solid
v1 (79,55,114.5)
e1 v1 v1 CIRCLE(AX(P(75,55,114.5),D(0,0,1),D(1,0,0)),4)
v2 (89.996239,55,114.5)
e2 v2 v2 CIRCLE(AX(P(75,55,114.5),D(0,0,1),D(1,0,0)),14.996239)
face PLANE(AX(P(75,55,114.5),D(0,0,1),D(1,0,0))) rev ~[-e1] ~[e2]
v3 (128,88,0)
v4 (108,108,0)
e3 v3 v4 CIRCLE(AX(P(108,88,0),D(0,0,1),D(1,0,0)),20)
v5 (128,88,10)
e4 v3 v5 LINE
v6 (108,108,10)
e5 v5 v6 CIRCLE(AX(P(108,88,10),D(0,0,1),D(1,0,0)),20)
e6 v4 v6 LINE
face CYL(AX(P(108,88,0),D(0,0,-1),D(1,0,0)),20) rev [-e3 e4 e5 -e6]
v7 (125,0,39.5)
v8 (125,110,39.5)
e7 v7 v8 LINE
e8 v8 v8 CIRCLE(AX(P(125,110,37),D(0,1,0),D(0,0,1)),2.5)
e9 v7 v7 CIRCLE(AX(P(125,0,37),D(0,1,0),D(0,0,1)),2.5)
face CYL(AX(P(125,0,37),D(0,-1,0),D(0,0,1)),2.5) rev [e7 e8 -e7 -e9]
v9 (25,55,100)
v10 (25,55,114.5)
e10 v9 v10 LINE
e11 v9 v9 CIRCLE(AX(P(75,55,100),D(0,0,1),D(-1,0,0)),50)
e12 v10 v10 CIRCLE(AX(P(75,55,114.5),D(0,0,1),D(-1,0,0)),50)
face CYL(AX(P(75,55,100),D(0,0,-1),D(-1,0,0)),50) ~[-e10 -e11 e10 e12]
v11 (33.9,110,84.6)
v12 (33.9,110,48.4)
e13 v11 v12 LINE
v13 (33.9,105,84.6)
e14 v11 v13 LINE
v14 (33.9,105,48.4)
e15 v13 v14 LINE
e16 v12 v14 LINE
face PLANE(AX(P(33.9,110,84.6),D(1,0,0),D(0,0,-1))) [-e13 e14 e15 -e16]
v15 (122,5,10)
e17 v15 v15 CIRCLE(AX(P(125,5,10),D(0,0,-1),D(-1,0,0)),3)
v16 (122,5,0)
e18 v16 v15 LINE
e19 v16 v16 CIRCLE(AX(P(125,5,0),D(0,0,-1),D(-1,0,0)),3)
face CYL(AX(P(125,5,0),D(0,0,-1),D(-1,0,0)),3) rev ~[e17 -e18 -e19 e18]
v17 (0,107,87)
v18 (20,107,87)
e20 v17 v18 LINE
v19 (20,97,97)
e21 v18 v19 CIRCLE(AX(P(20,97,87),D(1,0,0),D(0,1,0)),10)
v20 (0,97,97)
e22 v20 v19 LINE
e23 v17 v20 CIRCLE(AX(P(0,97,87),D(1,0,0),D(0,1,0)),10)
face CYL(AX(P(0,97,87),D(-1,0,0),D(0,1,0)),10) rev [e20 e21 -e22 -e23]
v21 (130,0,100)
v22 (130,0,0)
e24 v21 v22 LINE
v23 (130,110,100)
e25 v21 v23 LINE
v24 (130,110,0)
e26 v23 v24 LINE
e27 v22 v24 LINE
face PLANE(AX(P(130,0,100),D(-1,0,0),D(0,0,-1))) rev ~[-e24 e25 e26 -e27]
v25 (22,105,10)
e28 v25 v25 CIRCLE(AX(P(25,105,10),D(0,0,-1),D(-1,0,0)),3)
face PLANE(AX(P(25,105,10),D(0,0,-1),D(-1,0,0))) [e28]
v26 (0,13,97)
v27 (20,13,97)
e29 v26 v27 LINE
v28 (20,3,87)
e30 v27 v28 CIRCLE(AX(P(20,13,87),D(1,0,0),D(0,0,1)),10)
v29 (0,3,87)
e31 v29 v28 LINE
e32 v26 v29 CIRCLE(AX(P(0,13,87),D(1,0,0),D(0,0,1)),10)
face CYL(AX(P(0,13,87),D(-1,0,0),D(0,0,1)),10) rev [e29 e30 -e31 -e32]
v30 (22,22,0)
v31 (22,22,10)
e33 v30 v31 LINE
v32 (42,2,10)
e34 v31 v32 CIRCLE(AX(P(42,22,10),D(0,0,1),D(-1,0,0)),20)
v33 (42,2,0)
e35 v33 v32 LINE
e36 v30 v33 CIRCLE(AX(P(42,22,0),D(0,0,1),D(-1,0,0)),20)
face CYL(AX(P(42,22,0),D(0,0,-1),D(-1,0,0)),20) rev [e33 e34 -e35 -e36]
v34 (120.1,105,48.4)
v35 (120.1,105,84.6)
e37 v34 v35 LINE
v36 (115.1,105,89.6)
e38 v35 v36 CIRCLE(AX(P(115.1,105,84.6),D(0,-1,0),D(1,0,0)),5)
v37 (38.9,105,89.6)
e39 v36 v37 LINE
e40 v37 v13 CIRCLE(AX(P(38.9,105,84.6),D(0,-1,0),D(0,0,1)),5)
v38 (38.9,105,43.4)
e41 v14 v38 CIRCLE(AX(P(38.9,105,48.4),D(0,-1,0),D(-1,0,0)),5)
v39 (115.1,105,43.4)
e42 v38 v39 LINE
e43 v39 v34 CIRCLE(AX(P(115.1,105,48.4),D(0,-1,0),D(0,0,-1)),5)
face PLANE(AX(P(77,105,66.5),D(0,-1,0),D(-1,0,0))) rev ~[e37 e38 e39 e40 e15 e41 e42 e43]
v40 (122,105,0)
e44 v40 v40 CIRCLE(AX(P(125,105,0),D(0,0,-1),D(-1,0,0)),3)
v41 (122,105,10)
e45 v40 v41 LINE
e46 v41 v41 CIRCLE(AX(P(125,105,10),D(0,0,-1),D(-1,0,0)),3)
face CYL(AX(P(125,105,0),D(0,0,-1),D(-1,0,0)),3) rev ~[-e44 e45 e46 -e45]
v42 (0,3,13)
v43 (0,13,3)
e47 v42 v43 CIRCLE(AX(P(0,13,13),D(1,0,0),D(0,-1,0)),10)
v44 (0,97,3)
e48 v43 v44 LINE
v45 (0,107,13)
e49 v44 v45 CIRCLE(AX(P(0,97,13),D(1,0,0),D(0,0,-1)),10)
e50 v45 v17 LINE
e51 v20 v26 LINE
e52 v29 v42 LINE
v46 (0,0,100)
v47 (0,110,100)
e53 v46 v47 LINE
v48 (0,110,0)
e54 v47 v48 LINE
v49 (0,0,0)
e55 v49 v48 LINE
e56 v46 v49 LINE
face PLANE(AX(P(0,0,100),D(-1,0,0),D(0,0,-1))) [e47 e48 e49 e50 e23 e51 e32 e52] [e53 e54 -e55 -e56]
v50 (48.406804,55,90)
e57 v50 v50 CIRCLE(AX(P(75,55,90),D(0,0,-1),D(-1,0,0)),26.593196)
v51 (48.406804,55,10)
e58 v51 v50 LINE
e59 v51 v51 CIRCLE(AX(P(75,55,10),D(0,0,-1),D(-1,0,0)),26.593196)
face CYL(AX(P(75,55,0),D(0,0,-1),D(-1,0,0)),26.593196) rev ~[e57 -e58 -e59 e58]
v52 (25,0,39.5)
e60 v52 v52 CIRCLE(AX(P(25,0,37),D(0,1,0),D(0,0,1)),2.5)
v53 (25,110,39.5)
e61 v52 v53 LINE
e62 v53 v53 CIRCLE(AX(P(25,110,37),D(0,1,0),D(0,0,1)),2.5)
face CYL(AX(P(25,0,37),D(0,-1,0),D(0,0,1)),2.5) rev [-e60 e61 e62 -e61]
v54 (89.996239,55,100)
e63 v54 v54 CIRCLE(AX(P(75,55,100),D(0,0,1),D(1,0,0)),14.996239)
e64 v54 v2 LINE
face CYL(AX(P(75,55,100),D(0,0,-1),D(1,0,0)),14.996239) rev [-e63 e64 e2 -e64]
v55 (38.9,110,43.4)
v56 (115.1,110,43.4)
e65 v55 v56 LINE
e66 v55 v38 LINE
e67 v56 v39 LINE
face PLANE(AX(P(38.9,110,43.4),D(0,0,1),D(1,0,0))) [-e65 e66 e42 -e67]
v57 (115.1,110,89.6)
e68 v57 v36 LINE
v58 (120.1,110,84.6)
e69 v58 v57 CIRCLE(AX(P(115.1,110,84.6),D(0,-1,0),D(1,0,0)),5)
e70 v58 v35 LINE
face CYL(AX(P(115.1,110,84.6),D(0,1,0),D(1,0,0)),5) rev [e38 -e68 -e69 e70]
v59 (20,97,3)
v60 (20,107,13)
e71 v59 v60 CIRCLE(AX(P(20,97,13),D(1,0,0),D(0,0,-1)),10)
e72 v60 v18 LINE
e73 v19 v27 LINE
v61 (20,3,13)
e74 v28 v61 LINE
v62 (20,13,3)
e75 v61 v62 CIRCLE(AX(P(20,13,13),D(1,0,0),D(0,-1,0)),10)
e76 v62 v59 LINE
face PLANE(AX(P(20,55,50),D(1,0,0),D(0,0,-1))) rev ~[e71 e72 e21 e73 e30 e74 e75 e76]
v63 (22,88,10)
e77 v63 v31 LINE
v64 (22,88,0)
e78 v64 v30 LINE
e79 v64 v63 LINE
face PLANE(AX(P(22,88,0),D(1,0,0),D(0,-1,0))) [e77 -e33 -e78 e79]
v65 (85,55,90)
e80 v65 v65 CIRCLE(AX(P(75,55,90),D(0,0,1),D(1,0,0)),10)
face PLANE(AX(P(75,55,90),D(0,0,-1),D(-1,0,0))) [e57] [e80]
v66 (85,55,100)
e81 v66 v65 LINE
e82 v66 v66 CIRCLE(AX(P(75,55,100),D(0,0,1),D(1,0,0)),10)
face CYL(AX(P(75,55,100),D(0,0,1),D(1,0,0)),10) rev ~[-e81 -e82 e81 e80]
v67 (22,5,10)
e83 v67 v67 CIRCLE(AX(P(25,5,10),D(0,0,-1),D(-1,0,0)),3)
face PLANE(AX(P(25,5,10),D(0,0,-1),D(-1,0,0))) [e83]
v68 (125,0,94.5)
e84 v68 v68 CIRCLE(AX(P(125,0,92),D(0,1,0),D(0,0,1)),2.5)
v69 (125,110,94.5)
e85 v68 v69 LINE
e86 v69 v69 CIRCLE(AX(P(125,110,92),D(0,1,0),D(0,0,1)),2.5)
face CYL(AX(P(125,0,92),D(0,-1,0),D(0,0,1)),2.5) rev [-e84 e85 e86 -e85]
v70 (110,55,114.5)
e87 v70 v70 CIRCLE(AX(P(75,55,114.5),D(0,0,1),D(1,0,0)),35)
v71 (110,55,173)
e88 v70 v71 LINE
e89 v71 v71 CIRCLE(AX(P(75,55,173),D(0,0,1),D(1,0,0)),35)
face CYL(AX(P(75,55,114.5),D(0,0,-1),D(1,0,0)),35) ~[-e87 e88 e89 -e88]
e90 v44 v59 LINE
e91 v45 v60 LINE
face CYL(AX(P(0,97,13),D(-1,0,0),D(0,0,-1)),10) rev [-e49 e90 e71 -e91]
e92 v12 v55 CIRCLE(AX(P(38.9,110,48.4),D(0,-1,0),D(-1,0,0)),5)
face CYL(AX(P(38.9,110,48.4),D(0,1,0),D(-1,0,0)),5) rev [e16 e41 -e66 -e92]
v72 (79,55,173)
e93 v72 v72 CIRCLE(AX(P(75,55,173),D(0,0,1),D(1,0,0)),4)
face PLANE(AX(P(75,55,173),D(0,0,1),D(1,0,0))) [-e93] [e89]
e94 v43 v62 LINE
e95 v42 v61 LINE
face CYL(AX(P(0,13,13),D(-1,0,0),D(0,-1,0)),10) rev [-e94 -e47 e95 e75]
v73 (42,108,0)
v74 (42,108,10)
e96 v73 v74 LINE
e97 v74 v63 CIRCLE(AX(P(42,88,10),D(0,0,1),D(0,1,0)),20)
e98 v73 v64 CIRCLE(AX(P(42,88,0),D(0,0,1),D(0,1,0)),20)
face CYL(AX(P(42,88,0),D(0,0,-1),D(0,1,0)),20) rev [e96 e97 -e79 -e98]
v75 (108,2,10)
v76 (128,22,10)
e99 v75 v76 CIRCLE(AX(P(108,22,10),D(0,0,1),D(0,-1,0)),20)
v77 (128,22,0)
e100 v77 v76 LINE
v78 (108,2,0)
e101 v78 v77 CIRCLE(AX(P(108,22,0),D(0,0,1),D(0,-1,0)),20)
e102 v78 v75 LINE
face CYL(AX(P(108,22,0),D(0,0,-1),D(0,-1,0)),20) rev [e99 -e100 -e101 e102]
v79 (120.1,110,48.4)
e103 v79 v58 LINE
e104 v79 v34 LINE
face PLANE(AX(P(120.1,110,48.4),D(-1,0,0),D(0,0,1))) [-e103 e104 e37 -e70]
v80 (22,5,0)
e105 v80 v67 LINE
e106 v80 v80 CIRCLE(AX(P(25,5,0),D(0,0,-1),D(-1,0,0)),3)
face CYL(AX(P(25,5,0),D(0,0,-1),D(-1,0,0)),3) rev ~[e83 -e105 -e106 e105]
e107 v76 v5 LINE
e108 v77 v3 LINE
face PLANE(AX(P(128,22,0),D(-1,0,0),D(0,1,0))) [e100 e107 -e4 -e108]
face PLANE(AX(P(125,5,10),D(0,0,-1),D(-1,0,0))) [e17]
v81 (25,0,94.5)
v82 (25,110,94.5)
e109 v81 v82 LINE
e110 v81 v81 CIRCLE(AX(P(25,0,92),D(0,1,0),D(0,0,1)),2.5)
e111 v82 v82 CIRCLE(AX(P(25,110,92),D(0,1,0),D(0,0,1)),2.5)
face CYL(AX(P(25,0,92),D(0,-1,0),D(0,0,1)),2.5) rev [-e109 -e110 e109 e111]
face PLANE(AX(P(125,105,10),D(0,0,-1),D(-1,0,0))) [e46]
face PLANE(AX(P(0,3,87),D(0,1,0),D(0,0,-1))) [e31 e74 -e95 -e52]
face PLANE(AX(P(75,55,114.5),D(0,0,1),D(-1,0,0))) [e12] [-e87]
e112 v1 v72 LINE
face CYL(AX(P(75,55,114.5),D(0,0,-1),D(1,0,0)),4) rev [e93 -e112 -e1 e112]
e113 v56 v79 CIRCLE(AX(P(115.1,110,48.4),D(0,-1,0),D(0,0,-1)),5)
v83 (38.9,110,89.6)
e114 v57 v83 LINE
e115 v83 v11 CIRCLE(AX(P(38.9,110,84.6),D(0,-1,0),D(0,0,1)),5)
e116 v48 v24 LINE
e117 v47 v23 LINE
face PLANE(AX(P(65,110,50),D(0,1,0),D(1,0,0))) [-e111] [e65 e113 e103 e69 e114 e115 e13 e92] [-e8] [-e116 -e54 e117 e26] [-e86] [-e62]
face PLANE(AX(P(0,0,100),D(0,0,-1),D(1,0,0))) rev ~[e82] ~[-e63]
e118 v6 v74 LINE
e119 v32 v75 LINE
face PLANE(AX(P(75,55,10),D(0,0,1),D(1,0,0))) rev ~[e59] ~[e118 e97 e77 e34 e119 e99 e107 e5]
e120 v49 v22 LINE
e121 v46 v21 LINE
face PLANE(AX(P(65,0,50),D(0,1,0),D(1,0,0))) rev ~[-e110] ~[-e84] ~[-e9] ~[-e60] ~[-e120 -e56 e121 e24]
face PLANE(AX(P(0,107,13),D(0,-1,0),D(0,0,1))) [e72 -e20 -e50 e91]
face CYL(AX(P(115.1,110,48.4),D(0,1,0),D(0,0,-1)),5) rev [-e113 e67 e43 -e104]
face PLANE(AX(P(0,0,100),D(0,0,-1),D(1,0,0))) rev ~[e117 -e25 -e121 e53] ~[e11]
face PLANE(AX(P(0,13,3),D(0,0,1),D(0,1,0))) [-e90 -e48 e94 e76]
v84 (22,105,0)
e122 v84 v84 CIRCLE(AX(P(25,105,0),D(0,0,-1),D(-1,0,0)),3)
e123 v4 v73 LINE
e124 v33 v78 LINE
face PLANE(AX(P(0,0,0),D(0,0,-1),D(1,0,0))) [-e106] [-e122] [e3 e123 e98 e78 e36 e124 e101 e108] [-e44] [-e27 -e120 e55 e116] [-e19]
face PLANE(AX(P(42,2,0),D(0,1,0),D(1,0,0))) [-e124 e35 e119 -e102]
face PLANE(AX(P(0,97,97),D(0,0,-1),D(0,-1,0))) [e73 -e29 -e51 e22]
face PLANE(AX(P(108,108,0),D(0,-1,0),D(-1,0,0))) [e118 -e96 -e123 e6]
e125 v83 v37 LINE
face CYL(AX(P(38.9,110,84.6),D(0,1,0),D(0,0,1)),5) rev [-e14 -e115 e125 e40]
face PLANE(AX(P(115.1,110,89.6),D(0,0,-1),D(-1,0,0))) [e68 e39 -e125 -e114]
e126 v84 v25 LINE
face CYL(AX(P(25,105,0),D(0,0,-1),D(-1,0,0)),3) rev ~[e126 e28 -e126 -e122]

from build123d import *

# Parameters (mm, degrees)
SKETCH1_W           = 130
SKETCH1_H           = 100
SKETCH1_R           = 2.5
BOSS_EXTRUDE1_DEPTH = 110
CUT_EXTRUDE1_DEPTH  = 5
SKETCH3_R           = 26.593196083
CUT_EXTRUDE2_DEPTH  = 90
SKETCH4_R           = 3
CUT_EXTRUDE3_DEPTH  = 10
CUT_EXTRUDE4_DEPTH  = 20
SKETCH8_R           = 10
CUT_EXTRUDE5_DEPTH  = 10
SKETCH9_R           = 50
SKETCH9_R_2         = 14.996239462
BOSS_EXTRUDE3_DEPTH = 14.5
SKETCH10_R          = 35
SKETCH10_R_2        = 4
BOSS_EXTRUDE4_DEPTH = 58.5


with BuildPart() as part:
    # Sketch1 → Boss-Extrude1 (new body)
    with BuildSketch(Plane(origin=(0, 0, 0), x_dir=(1, 0, 0), z_dir=(0, 1, 0))):
        with Locations((65, -50)):
            Rectangle(SKETCH1_W, SKETCH1_H)
        with Locations(Location((25, -37, 0), (0, 0, 270))):  # turned: the seam where the file's is
            Circle(SKETCH1_R, mode=Mode.SUBTRACT)
        with Locations(Location((25, -92, 0), (0, 0, 270))):  # turned: the seam where the file's is
            Circle(SKETCH1_R, mode=Mode.SUBTRACT)
        with Locations(Location((125, -37, 0), (0, 0, 270))):  # turned: the seam where the file's is
            Circle(SKETCH1_R, mode=Mode.SUBTRACT)
        with Locations(Location((125, -92, 0), (0, 0, 270))):  # turned: the seam where the file's is
            Circle(SKETCH1_R, mode=Mode.SUBTRACT)
    extrude(amount=BOSS_EXTRUDE1_DEPTH)

    # Sketch2 → Cut-Extrude1 (cut)
    with BuildSketch(Plane(origin=(0, 110, 0), x_dir=(1, 0, 0), z_dir=(0, 1, 0))):
        with BuildLine():
            Line((38.9, -43.4), (115.1, -43.4))
            ThreePointArc((115.1, -43.4), (118.635533906, -44.864466094), (120.1, -48.4))
            Line((120.1, -48.4), (120.1, -84.6))
            ThreePointArc((120.1, -84.6), (118.635533906, -88.135533906), (115.1, -89.6))
            Line((115.1, -89.6), (38.9, -89.6))
            ThreePointArc((38.9, -89.6), (35.364466094, -88.135533906), (33.9, -84.6))
            Line((33.9, -84.6), (33.9, -48.4))
            ThreePointArc((33.9, -48.4), (35.364466094, -44.864466094), (38.9, -43.4))
        make_face()
    extrude(amount=-CUT_EXTRUDE1_DEPTH, mode=Mode.SUBTRACT)

    # Sketch3 → Cut-Extrude2 (cut)
    with BuildSketch(Plane(origin=(0, 0, 0), x_dir=(-1, 0, 0), z_dir=(0, 0, -1))):
        with Locations((-75, 55)):
            Circle(SKETCH3_R)
    extrude(amount=-CUT_EXTRUDE2_DEPTH, mode=Mode.SUBTRACT)

    # Sketch4 → Cut-Extrude3 (cut)
    with BuildSketch(Plane(origin=(0, 0, 0), x_dir=(-1, 0, 0), z_dir=(0, 0, -1))):
        with Locations((-125, 105)):
            Circle(SKETCH4_R)
        with Locations((-25, 105)):
            Circle(SKETCH4_R)
        with Locations((-125, 5)):
            Circle(SKETCH4_R)
        with Locations((-25, 5)):
            Circle(SKETCH4_R)
        with BuildLine():
            Line((-108, 108), (-42, 108))
            ThreePointArc((-42, 108), (-27.857864376, 102.142135624), (-22, 88))
            Line((-22, 88), (-22, 22))
            ThreePointArc((-22, 22), (-27.857864376, 7.857864376), (-42, 2))
            Line((-42, 2), (-108, 2))
            ThreePointArc((-108, 2), (-122.142135624, 7.857864376), (-128, 22))
            Line((-128, 22), (-128, 88))
            ThreePointArc((-128, 88), (-122.142135624, 102.142135624), (-108, 108))
        make_face()
    extrude(amount=-CUT_EXTRUDE3_DEPTH, mode=Mode.SUBTRACT)

    # Sketch6 → Cut-Extrude4 (cut)
    with BuildSketch(Plane.ZY):
        with BuildLine():
            Line((3, 13), (3, 97))
            ThreePointArc((3, 97), (5.928932188, 104.071067812), (13, 107))
            Line((13, 107), (87, 107))
            ThreePointArc((87, 107), (94.071067812, 104.071067812), (97, 97))
            Line((97, 97), (97, 13))
            ThreePointArc((97, 13), (94.071067812, 5.928932188), (87, 3))
            Line((87, 3), (13, 3))
            ThreePointArc((13, 3), (5.928932188, 5.928932188), (3, 13))
        make_face()
    extrude(amount=-CUT_EXTRUDE4_DEPTH, mode=Mode.SUBTRACT)

    # Sketch8 → Cut-Extrude5 (cut)
    with BuildSketch(Plane.XY.offset(100)):
        with Locations((75, 55)):
            Circle(SKETCH8_R)
    extrude(amount=-CUT_EXTRUDE5_DEPTH, mode=Mode.SUBTRACT)

    # Sketch9 → Boss-Extrude3 (add)
    with BuildSketch(Plane.XY.offset(100)):
        with Locations(Location((75, 55, 0), (0, 0, 180))):  # turned: the seam where the file's is
            Circle(SKETCH9_R)
        with Locations((75, 55)):
            Circle(SKETCH9_R_2, mode=Mode.SUBTRACT)
    extrude(amount=BOSS_EXTRUDE3_DEPTH)

    # Sketch10 → Boss-Extrude4 (add)
    with BuildSketch(Plane.XY.offset(114.5)):
        with Locations((75, 55)):
            Circle(SKETCH10_R)
        with Locations((75, 55)):
            Circle(SKETCH10_R_2, mode=Mode.SUBTRACT)
    extrude(amount=BOSS_EXTRUDE4_DEPTH)


solid = part.part
